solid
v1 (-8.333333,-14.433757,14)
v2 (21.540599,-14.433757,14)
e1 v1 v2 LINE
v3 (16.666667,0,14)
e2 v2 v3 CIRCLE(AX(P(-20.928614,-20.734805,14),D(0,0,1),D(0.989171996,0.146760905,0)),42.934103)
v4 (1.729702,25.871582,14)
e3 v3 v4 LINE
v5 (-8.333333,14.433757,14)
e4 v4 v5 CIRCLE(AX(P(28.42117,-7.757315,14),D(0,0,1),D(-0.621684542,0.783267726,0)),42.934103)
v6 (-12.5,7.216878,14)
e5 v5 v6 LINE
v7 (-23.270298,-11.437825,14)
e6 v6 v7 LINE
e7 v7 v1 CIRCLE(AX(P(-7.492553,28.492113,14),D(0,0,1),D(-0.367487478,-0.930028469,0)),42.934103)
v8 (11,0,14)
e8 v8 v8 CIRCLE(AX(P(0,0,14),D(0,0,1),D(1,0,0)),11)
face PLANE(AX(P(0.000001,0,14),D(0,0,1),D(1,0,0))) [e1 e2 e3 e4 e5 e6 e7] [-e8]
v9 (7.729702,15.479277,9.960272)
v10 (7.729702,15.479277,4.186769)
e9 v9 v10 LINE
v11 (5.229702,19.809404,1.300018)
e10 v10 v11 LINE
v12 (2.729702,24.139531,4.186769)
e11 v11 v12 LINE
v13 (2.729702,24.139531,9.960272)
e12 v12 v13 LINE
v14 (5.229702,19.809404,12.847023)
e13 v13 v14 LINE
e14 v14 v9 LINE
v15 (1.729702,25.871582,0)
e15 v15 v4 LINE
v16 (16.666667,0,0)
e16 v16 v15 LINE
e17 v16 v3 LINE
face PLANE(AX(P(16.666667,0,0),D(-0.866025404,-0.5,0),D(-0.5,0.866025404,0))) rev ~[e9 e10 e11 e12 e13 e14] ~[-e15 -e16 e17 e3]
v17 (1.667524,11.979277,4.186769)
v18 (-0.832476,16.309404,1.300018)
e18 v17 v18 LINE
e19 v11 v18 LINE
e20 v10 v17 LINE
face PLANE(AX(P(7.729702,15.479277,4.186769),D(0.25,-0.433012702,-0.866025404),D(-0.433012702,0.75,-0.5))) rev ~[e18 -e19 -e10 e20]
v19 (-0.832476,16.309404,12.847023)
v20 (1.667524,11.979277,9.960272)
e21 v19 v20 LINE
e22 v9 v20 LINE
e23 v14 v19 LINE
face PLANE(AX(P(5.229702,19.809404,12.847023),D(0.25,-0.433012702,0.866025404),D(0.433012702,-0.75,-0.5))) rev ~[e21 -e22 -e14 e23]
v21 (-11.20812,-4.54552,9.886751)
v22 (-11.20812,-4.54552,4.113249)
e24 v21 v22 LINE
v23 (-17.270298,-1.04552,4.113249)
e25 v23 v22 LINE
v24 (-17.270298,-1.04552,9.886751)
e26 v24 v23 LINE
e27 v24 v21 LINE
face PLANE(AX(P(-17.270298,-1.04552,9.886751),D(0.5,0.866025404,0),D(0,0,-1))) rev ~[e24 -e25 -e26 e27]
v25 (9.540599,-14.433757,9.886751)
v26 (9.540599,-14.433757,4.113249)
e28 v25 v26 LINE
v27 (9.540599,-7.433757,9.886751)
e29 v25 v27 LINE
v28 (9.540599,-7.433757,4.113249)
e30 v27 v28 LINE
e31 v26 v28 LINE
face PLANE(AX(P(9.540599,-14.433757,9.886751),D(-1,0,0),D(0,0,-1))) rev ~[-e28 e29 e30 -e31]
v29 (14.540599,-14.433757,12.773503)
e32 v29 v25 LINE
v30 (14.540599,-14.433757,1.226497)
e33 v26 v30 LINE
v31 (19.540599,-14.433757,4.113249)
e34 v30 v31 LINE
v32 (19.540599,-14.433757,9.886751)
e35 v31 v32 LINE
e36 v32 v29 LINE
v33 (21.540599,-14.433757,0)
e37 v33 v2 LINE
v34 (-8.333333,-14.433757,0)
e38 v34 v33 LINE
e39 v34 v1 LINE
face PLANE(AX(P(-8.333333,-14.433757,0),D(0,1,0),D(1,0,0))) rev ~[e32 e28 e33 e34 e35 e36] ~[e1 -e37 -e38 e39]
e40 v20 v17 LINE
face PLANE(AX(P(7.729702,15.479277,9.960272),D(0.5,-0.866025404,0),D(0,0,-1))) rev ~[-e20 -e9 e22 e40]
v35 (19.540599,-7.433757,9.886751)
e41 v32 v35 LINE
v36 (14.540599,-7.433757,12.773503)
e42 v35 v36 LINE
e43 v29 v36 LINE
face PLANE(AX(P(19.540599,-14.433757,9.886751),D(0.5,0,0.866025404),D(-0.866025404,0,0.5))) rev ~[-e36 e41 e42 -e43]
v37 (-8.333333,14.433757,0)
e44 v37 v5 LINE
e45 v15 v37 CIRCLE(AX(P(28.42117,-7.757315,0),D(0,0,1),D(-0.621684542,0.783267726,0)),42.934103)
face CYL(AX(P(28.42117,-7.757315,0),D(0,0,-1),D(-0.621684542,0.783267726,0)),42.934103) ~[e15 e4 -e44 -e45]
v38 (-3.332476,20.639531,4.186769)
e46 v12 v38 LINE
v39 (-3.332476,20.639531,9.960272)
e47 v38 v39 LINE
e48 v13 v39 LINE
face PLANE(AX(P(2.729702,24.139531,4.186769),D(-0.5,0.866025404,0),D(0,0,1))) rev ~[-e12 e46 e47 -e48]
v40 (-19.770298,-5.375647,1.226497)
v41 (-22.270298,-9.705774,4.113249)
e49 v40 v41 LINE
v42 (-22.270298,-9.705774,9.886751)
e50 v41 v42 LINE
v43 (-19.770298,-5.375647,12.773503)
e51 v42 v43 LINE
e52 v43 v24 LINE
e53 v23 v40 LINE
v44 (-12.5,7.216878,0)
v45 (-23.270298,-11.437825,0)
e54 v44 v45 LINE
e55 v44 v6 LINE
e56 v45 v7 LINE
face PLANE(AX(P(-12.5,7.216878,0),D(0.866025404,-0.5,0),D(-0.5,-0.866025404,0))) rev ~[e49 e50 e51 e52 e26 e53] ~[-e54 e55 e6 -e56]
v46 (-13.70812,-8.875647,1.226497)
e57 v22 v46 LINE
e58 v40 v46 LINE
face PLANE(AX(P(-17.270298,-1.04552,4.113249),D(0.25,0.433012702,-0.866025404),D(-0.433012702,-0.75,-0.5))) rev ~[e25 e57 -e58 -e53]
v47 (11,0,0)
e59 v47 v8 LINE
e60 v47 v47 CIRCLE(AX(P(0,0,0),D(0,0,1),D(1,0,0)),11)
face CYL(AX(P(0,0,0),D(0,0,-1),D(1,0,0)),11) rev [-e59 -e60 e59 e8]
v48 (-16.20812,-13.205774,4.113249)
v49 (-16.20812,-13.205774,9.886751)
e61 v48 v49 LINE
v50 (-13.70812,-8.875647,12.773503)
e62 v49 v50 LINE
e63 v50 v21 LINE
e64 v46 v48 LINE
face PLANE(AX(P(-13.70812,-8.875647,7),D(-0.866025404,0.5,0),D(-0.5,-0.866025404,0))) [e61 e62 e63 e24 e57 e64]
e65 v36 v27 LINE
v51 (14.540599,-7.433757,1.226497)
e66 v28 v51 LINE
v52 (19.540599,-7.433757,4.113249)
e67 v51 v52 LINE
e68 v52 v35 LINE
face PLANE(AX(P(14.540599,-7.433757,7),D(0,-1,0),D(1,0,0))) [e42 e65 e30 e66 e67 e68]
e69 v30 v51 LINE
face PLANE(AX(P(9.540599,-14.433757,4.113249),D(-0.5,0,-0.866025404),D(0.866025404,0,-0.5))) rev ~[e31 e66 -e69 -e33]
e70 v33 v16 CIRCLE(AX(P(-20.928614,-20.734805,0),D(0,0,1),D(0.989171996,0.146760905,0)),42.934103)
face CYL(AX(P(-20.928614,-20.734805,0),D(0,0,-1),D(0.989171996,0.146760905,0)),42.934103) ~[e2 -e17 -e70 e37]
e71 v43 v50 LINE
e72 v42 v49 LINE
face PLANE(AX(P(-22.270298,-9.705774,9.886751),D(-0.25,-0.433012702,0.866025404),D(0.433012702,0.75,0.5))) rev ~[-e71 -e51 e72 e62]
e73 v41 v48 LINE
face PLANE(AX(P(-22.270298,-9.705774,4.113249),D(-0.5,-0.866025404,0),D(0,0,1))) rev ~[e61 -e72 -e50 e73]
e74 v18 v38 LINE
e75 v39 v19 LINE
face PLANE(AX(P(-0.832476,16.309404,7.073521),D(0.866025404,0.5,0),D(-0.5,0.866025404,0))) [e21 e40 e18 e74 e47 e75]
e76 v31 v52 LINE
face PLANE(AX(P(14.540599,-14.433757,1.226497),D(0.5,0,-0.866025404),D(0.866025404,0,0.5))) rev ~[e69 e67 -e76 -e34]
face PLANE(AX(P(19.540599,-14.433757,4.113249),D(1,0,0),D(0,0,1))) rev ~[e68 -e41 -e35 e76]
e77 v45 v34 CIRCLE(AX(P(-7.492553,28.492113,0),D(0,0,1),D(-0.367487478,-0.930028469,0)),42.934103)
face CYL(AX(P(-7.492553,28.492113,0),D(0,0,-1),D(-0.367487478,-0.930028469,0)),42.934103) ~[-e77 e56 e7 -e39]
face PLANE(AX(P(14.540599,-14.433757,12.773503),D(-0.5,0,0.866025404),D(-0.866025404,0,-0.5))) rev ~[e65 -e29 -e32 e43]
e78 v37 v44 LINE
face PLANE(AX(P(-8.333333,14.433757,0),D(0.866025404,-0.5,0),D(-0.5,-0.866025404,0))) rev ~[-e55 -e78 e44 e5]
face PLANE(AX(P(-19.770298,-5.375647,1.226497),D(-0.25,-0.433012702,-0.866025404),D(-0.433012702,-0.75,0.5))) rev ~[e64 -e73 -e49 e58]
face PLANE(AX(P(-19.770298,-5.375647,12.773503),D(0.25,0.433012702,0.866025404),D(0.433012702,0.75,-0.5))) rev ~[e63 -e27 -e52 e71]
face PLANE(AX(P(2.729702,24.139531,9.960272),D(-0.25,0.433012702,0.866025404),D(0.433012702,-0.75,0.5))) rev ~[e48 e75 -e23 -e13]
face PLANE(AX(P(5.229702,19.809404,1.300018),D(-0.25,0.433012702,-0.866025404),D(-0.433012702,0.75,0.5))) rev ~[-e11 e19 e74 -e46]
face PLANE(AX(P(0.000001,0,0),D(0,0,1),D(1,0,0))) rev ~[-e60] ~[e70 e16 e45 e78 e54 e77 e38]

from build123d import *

# Parameters (mm, degrees)
F0_R     = 11
F1_DEPTH = 14
F3_DEPTH = 7
F5_DEPTH = 7
F7_DEPTH = 7


with BuildPart() as f1:
    # F0 (on Top) → F1 (new body)
    with BuildSketch(Plane.XY):
        with BuildLine():
            ThreePointArc((21.5405989438, -14.4337567297), (19.7489488314, -6.9989706734), (16.6666666667, 0))
            Line((16.6666666667, 0), (12.5, 7.2168783649))
            Line((12.5, 7.2168783649), (1.7297019, 25.8715818867))
            ThreePointArc((1.7297019, 25.8715818867), (-3.8131871995, 20.6025755779), (-8.3333333333, 14.4337567297))
            Line((-8.3333333333, 14.4337567297), (-12.5, 7.2168783649))
            Line((-12.5, 7.2168783649), (-23.2702981, -11.437825157))
            ThreePointArc((-23.2702981, -11.437825157), (-15.9357602341, -13.6036047731), (-8.3333333333, -14.4337567297))
            Line((-8.3333333333, -14.4337567297), (0, -14.4337567297))
            Line((0, -14.4337567297), (21.5405989438, -14.4337567297))
        make_face()
        Circle(F0_R, mode=Mode.SUBTRACT)
    extrude(amount=F1_DEPTH)

    # F2 (on face) → F3 (cut)
    with BuildSketch(Plane(origin=(12.5, 7.2168783649, 0), x_dir=(-0.5, 0.8660254038, 0), z_dir=(0.8660254038, 0.5, 0))):
        Polygon((19.5405962, 4.1867693368), (19.5405962, 9.9602720287), (14.5405962, 12.8470233746), (9.5405962, 9.9602720287), (9.5405962, 4.1867693368), (14.5405962, 1.3000179909), align=None)
    extrude(amount=-F3_DEPTH, mode=Mode.SUBTRACT)

    # F4 (on face) → F5 (cut)
    with BuildSketch(Plane.XZ.offset(14.4337567297)):
        Polygon((19.5405989438, 4.1132486541), (19.5405989438, 9.8867513459), (14.5405989438, 12.7735026919), (9.5405989438, 9.8867513459), (9.5405989438, 4.1132486541), (14.5405989438, 1.2264973081), align=None)
    extrude(amount=-F5_DEPTH, mode=Mode.SUBTRACT)

    # F6 (on face) → F7 (cut)
    with BuildSketch(Plane(origin=(-12.5, 7.2168783649, 0), x_dir=(-0.5, -0.8660254038, 0), z_dir=(-0.8660254038, 0.5, 0))):
        Polygon((19.5405962, 4.1132486541), (19.5405962, 9.8867513459), (14.5405962, 12.7735026919), (9.5405962, 9.8867513459), (9.5405962, 4.1132486541), (14.5405962, 1.2264973081), align=None)
    extrude(amount=-F7_DEPTH, mode=Mode.SUBTRACT)


solid = f1.part
